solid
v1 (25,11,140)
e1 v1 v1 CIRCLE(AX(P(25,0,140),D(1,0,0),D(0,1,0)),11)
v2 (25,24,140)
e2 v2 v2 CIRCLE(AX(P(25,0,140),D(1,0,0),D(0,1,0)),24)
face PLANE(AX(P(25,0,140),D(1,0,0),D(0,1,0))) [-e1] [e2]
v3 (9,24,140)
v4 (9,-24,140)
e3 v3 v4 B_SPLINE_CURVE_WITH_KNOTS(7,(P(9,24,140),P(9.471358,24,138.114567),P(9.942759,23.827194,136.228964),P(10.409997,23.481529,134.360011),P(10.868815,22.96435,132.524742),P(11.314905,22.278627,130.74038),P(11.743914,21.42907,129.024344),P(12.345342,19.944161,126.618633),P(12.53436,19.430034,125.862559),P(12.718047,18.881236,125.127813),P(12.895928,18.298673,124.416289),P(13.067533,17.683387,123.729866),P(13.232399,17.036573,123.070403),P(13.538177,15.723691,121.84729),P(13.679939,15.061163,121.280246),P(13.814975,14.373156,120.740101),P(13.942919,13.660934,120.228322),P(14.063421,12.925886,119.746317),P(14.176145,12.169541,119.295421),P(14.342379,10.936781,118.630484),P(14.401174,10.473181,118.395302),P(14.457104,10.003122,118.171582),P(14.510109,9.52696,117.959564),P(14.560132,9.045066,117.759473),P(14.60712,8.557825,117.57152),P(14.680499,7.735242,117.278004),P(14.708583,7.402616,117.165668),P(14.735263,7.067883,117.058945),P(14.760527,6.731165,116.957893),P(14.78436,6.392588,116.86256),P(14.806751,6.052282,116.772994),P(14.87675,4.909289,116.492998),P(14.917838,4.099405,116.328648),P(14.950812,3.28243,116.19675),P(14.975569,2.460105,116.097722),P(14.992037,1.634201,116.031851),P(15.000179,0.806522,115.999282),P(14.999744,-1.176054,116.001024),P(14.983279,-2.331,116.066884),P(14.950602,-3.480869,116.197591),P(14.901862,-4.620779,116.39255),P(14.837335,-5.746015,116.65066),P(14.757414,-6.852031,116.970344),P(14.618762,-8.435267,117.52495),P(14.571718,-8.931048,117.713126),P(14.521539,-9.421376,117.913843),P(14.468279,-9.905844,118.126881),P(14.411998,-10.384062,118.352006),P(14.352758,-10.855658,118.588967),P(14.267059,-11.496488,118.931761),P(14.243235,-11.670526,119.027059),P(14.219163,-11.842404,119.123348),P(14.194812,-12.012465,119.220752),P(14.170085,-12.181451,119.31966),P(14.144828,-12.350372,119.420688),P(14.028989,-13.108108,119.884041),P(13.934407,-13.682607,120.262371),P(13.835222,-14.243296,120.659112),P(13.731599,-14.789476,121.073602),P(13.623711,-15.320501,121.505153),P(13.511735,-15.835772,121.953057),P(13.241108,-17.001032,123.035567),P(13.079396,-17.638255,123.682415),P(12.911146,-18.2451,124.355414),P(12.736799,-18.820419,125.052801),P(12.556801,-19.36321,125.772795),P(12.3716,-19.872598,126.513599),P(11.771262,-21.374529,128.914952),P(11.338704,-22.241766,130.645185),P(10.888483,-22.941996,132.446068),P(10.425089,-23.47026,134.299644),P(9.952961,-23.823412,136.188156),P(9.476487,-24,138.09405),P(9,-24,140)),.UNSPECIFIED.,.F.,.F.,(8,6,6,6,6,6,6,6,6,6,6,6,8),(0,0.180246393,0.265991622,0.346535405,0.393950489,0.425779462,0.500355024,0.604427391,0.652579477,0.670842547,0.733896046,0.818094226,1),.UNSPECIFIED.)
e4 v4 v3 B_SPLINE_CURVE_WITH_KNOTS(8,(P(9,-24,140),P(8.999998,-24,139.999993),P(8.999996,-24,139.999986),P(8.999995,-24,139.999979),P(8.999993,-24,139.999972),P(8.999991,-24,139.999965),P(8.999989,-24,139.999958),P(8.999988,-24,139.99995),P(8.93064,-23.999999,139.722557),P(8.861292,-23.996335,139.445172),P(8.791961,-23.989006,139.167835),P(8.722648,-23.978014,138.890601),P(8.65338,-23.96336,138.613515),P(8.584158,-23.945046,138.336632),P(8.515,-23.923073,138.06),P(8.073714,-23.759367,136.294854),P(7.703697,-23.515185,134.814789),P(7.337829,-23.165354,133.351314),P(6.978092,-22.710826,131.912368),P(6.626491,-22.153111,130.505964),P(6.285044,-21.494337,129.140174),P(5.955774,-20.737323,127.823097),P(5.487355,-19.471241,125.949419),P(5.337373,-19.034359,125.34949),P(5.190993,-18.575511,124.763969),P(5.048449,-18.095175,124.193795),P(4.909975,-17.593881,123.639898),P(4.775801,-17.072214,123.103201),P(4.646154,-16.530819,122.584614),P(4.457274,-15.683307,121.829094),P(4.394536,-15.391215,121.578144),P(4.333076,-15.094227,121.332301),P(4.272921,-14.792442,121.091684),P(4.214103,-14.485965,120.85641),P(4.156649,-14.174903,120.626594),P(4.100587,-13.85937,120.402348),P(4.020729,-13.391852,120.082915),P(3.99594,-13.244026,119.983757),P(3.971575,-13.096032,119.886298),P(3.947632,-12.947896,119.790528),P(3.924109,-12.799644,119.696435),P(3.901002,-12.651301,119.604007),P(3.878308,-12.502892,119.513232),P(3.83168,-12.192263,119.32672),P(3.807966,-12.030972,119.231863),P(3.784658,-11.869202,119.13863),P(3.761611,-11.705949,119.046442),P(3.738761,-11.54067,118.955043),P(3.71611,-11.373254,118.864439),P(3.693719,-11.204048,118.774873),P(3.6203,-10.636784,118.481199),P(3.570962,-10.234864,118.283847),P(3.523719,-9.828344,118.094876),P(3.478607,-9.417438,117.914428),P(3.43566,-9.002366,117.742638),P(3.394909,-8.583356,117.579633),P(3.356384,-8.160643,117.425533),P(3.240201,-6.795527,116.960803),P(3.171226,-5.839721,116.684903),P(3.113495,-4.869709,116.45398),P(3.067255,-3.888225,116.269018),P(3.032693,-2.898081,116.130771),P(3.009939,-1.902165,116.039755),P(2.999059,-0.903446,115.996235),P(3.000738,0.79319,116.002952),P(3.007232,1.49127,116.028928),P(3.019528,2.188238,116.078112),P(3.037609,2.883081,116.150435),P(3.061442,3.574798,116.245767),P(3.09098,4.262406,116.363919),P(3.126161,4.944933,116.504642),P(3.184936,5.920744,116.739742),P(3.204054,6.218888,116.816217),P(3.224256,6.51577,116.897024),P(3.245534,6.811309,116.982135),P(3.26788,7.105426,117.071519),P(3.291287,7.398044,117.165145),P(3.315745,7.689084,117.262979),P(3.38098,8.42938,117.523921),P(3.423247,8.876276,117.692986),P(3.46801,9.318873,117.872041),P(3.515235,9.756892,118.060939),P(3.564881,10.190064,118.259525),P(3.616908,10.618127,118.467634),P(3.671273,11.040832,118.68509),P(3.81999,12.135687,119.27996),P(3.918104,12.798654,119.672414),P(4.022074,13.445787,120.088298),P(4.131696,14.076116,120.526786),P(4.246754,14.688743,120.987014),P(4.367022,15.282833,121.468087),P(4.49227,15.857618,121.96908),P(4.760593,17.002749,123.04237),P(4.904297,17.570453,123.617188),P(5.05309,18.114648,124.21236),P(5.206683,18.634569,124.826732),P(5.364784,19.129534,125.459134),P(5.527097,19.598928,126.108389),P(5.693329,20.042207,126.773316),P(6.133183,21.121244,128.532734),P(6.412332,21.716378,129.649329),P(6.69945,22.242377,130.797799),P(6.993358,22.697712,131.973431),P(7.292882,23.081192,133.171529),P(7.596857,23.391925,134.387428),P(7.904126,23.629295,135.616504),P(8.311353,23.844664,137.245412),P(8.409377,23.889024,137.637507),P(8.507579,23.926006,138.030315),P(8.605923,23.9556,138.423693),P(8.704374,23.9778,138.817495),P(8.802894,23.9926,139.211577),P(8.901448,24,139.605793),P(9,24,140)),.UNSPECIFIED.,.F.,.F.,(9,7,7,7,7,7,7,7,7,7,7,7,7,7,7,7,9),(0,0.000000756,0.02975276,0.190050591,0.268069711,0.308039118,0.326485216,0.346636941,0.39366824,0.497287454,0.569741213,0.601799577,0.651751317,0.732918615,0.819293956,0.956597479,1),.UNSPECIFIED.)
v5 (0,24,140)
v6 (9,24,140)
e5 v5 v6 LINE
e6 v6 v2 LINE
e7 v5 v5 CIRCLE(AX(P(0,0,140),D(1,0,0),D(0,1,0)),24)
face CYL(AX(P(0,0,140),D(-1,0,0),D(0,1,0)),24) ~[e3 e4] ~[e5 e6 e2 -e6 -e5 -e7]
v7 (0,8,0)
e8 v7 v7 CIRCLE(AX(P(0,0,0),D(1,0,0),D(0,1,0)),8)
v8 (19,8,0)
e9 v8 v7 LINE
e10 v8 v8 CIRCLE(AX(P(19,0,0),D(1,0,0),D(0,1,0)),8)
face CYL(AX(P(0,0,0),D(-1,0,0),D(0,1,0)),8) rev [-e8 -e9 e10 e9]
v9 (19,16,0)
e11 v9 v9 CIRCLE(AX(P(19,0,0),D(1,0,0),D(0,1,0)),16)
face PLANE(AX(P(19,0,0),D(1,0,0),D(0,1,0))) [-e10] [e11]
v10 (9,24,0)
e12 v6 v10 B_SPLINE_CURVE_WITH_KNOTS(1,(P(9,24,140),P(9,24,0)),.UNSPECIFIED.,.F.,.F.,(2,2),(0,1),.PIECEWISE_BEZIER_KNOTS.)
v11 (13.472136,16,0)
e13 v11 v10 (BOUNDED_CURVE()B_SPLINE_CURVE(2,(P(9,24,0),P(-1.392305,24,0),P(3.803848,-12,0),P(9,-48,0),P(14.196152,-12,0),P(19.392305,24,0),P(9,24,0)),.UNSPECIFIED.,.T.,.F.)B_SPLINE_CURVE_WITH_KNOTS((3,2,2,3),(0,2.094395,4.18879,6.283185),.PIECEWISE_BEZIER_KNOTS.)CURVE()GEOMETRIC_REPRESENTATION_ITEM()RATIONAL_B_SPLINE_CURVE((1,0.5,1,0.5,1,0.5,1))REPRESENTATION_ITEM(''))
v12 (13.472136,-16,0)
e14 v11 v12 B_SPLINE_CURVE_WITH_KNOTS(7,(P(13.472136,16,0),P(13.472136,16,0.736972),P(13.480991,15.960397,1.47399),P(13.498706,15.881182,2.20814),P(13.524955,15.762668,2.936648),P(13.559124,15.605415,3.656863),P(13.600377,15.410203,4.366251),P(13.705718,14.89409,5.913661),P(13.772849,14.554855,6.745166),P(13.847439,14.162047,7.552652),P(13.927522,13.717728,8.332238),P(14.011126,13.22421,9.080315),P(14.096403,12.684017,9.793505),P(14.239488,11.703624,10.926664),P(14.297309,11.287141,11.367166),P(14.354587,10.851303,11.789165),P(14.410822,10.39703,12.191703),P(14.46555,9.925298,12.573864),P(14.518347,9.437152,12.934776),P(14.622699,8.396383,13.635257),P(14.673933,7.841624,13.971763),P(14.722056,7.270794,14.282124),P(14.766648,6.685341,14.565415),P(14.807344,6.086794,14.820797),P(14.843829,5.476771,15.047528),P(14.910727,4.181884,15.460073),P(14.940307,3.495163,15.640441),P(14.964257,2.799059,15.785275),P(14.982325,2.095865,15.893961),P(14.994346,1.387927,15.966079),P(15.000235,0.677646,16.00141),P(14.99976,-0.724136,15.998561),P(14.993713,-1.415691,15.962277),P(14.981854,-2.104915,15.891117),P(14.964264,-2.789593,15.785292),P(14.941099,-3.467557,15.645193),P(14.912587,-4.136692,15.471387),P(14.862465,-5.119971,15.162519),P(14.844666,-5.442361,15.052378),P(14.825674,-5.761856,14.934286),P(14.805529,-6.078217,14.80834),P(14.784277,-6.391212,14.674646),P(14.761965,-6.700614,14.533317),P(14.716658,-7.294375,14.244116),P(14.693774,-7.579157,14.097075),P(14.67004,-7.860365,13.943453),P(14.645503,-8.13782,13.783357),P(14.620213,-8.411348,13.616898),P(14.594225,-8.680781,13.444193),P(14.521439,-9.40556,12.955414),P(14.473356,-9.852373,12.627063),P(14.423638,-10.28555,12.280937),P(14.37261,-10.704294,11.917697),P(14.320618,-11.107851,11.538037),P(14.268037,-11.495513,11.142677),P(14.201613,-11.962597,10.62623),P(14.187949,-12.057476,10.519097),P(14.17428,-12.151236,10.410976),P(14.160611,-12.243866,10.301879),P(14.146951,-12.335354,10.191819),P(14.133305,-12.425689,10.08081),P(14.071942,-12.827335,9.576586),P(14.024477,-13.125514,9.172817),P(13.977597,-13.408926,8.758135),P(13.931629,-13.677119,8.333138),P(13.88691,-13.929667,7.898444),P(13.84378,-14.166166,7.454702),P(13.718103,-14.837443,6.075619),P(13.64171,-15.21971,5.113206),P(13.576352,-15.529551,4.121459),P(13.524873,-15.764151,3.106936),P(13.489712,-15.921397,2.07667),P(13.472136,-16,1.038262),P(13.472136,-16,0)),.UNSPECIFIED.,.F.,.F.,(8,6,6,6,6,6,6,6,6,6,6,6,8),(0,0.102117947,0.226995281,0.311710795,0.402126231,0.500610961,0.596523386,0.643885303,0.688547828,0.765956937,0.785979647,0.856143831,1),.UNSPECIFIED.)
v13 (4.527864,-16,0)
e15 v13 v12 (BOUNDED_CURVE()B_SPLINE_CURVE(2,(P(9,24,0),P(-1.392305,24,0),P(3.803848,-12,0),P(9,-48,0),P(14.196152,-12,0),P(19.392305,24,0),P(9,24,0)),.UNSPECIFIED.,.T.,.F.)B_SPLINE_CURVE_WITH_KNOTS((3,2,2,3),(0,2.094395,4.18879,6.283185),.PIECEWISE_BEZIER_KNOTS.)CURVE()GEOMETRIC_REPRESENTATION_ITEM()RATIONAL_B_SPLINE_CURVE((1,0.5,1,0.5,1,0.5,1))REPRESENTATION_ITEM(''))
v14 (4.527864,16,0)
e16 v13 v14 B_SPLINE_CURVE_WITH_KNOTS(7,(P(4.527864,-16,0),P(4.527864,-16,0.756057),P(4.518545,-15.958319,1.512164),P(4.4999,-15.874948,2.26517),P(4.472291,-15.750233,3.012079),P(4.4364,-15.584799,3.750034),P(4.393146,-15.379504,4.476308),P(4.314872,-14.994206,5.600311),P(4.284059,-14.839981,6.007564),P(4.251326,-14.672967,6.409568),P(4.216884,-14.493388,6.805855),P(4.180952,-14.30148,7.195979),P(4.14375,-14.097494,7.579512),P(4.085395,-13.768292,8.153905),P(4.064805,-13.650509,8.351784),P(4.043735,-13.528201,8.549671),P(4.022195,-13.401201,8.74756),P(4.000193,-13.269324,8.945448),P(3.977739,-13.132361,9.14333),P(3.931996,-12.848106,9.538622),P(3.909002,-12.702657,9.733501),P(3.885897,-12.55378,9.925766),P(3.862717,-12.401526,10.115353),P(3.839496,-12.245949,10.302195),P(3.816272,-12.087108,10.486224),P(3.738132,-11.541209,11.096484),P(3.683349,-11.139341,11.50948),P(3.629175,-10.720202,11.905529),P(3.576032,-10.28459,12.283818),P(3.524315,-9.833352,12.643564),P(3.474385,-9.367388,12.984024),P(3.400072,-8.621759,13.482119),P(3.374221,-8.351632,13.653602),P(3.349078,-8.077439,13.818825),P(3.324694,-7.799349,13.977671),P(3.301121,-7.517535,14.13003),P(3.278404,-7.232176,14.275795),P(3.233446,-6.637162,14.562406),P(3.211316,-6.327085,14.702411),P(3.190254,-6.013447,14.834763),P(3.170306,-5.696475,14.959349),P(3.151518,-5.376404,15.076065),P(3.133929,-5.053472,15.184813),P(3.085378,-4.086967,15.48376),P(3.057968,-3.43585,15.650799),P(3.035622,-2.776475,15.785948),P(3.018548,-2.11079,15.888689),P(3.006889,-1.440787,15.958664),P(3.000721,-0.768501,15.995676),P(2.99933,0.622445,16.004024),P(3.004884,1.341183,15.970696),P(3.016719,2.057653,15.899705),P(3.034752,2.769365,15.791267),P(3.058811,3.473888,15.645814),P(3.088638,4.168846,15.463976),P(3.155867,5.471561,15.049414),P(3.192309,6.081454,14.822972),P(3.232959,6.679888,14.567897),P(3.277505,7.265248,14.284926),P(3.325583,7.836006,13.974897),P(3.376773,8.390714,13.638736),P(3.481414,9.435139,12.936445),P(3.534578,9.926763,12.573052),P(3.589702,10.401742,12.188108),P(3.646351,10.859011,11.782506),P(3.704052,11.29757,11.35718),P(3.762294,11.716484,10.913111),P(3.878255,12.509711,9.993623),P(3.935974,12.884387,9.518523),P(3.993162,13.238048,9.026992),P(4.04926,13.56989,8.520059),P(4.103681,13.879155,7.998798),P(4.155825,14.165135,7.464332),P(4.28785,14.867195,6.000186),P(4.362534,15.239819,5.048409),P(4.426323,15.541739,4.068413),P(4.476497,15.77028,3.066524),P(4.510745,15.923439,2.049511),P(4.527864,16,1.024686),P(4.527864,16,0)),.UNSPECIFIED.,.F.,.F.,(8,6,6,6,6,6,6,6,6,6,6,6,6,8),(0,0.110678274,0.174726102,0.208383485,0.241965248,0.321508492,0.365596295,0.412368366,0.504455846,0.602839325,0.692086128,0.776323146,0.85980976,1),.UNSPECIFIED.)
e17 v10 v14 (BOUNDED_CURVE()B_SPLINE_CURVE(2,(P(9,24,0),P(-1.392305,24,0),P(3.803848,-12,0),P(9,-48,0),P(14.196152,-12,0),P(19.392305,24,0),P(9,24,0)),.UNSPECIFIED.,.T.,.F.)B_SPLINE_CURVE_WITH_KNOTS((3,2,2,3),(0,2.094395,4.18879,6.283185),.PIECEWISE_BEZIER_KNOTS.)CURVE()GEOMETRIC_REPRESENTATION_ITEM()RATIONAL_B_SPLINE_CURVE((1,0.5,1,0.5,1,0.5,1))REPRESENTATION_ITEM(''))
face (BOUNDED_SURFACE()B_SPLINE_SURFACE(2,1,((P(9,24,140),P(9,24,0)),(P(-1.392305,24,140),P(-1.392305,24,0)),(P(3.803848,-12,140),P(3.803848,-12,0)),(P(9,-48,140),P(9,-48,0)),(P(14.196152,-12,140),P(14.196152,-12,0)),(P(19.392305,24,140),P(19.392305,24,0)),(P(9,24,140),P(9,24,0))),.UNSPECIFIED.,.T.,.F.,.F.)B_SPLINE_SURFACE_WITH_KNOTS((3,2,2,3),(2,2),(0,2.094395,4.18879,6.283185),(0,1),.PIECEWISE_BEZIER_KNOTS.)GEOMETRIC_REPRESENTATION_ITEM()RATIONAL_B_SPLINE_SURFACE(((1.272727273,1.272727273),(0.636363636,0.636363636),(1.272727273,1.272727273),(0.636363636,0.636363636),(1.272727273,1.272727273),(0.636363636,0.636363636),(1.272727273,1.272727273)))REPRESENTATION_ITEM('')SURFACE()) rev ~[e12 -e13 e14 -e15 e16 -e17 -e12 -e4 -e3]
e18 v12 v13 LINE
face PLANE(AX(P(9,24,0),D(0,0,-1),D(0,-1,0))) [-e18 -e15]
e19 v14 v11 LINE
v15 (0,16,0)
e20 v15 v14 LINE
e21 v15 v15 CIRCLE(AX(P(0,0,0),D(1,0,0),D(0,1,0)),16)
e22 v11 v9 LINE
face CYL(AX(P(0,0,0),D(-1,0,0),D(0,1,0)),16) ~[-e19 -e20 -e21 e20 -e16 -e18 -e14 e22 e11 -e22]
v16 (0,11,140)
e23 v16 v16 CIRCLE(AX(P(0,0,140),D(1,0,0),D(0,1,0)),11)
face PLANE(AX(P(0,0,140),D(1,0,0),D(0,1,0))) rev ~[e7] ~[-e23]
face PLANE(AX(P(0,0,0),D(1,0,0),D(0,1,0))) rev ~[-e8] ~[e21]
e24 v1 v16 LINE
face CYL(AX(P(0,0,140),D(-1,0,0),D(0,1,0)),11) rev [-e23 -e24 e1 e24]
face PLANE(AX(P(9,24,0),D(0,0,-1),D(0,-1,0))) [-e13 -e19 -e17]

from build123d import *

# Parameters (mm, degrees)
F0_R     = 8
F0_R_2   = 16
F1_DEPTH = 19
F0_R_3   = 11
F0_R_4   = 24
F2_DEPTH = 25
F7_DEPTH = 25.001


with BuildPart() as f1:
    # F0 (on Right) → F1 (new body)
    with BuildSketch(Plane.YZ):
        Circle(F0_R)
        Circle(F0_R_2)
        Circle(F0_R, mode=Mode.SUBTRACT)
    extrude(amount=F1_DEPTH)



with BuildPart() as f2:
    # F0 (on Right) → F2 (new body)
    with BuildSketch(Plane.YZ):
        with Locations((0, 140)):
            Circle(F0_R_3)
        with Locations((0, 140)):
            Circle(F0_R_4)
        with Locations((0, 140)):
            Circle(F0_R_3, mode=Mode.SUBTRACT)
    extrude(amount=F2_DEPTH)


with BuildPart() as f1_1:
    add(f1.part)

    add(f2.part)  # F6 merges F2
    # F5 (on plane+point) → F6 section 0
    with BuildSketch(Plane.XY.offset(140)):
        with BuildLine():
            add(Edge.make_bspline(
                [(9, 24), (-1.392305, 24), (3.803848, -12), (9, -48), (14.196152, -12), (19.392305, 24), (9, 24)],
                knots=[0, 0, 0, 2.094395, 2.094395, 4.18879, 4.18879, 6.283185, 6.283185, 6.283185], degree=2, weights=[1, 0.5, 1, 0.5, 1, 0.5, 1]))
        make_face()
    # F3 (on Top) → F6 section 1
    with BuildSketch(Plane.XY):
        with BuildLine():
            add(Edge.make_bspline(
                [(9, 24), (-1.392305, 24), (3.803848, -12), (9, -48), (14.196152, -12), (19.392305, 24), (9, 24)],
                knots=[0, 0, 0, 2.094395, 2.094395, 4.18879, 4.18879, 6.283185, 6.283185, 6.283185], degree=2, weights=[1, 0.5, 1, 0.5, 1, 0.5, 1]))
        make_face()
    loft()

    # F0 (on Right) → F7 (cut, through all)
    with BuildSketch(Plane.YZ):
        with Locations((0, 140)):
            Circle(F0_R_3)
        Circle(F0_R)
    extrude(amount=F7_DEPTH, mode=Mode.SUBTRACT)


solid = f1_1.part
